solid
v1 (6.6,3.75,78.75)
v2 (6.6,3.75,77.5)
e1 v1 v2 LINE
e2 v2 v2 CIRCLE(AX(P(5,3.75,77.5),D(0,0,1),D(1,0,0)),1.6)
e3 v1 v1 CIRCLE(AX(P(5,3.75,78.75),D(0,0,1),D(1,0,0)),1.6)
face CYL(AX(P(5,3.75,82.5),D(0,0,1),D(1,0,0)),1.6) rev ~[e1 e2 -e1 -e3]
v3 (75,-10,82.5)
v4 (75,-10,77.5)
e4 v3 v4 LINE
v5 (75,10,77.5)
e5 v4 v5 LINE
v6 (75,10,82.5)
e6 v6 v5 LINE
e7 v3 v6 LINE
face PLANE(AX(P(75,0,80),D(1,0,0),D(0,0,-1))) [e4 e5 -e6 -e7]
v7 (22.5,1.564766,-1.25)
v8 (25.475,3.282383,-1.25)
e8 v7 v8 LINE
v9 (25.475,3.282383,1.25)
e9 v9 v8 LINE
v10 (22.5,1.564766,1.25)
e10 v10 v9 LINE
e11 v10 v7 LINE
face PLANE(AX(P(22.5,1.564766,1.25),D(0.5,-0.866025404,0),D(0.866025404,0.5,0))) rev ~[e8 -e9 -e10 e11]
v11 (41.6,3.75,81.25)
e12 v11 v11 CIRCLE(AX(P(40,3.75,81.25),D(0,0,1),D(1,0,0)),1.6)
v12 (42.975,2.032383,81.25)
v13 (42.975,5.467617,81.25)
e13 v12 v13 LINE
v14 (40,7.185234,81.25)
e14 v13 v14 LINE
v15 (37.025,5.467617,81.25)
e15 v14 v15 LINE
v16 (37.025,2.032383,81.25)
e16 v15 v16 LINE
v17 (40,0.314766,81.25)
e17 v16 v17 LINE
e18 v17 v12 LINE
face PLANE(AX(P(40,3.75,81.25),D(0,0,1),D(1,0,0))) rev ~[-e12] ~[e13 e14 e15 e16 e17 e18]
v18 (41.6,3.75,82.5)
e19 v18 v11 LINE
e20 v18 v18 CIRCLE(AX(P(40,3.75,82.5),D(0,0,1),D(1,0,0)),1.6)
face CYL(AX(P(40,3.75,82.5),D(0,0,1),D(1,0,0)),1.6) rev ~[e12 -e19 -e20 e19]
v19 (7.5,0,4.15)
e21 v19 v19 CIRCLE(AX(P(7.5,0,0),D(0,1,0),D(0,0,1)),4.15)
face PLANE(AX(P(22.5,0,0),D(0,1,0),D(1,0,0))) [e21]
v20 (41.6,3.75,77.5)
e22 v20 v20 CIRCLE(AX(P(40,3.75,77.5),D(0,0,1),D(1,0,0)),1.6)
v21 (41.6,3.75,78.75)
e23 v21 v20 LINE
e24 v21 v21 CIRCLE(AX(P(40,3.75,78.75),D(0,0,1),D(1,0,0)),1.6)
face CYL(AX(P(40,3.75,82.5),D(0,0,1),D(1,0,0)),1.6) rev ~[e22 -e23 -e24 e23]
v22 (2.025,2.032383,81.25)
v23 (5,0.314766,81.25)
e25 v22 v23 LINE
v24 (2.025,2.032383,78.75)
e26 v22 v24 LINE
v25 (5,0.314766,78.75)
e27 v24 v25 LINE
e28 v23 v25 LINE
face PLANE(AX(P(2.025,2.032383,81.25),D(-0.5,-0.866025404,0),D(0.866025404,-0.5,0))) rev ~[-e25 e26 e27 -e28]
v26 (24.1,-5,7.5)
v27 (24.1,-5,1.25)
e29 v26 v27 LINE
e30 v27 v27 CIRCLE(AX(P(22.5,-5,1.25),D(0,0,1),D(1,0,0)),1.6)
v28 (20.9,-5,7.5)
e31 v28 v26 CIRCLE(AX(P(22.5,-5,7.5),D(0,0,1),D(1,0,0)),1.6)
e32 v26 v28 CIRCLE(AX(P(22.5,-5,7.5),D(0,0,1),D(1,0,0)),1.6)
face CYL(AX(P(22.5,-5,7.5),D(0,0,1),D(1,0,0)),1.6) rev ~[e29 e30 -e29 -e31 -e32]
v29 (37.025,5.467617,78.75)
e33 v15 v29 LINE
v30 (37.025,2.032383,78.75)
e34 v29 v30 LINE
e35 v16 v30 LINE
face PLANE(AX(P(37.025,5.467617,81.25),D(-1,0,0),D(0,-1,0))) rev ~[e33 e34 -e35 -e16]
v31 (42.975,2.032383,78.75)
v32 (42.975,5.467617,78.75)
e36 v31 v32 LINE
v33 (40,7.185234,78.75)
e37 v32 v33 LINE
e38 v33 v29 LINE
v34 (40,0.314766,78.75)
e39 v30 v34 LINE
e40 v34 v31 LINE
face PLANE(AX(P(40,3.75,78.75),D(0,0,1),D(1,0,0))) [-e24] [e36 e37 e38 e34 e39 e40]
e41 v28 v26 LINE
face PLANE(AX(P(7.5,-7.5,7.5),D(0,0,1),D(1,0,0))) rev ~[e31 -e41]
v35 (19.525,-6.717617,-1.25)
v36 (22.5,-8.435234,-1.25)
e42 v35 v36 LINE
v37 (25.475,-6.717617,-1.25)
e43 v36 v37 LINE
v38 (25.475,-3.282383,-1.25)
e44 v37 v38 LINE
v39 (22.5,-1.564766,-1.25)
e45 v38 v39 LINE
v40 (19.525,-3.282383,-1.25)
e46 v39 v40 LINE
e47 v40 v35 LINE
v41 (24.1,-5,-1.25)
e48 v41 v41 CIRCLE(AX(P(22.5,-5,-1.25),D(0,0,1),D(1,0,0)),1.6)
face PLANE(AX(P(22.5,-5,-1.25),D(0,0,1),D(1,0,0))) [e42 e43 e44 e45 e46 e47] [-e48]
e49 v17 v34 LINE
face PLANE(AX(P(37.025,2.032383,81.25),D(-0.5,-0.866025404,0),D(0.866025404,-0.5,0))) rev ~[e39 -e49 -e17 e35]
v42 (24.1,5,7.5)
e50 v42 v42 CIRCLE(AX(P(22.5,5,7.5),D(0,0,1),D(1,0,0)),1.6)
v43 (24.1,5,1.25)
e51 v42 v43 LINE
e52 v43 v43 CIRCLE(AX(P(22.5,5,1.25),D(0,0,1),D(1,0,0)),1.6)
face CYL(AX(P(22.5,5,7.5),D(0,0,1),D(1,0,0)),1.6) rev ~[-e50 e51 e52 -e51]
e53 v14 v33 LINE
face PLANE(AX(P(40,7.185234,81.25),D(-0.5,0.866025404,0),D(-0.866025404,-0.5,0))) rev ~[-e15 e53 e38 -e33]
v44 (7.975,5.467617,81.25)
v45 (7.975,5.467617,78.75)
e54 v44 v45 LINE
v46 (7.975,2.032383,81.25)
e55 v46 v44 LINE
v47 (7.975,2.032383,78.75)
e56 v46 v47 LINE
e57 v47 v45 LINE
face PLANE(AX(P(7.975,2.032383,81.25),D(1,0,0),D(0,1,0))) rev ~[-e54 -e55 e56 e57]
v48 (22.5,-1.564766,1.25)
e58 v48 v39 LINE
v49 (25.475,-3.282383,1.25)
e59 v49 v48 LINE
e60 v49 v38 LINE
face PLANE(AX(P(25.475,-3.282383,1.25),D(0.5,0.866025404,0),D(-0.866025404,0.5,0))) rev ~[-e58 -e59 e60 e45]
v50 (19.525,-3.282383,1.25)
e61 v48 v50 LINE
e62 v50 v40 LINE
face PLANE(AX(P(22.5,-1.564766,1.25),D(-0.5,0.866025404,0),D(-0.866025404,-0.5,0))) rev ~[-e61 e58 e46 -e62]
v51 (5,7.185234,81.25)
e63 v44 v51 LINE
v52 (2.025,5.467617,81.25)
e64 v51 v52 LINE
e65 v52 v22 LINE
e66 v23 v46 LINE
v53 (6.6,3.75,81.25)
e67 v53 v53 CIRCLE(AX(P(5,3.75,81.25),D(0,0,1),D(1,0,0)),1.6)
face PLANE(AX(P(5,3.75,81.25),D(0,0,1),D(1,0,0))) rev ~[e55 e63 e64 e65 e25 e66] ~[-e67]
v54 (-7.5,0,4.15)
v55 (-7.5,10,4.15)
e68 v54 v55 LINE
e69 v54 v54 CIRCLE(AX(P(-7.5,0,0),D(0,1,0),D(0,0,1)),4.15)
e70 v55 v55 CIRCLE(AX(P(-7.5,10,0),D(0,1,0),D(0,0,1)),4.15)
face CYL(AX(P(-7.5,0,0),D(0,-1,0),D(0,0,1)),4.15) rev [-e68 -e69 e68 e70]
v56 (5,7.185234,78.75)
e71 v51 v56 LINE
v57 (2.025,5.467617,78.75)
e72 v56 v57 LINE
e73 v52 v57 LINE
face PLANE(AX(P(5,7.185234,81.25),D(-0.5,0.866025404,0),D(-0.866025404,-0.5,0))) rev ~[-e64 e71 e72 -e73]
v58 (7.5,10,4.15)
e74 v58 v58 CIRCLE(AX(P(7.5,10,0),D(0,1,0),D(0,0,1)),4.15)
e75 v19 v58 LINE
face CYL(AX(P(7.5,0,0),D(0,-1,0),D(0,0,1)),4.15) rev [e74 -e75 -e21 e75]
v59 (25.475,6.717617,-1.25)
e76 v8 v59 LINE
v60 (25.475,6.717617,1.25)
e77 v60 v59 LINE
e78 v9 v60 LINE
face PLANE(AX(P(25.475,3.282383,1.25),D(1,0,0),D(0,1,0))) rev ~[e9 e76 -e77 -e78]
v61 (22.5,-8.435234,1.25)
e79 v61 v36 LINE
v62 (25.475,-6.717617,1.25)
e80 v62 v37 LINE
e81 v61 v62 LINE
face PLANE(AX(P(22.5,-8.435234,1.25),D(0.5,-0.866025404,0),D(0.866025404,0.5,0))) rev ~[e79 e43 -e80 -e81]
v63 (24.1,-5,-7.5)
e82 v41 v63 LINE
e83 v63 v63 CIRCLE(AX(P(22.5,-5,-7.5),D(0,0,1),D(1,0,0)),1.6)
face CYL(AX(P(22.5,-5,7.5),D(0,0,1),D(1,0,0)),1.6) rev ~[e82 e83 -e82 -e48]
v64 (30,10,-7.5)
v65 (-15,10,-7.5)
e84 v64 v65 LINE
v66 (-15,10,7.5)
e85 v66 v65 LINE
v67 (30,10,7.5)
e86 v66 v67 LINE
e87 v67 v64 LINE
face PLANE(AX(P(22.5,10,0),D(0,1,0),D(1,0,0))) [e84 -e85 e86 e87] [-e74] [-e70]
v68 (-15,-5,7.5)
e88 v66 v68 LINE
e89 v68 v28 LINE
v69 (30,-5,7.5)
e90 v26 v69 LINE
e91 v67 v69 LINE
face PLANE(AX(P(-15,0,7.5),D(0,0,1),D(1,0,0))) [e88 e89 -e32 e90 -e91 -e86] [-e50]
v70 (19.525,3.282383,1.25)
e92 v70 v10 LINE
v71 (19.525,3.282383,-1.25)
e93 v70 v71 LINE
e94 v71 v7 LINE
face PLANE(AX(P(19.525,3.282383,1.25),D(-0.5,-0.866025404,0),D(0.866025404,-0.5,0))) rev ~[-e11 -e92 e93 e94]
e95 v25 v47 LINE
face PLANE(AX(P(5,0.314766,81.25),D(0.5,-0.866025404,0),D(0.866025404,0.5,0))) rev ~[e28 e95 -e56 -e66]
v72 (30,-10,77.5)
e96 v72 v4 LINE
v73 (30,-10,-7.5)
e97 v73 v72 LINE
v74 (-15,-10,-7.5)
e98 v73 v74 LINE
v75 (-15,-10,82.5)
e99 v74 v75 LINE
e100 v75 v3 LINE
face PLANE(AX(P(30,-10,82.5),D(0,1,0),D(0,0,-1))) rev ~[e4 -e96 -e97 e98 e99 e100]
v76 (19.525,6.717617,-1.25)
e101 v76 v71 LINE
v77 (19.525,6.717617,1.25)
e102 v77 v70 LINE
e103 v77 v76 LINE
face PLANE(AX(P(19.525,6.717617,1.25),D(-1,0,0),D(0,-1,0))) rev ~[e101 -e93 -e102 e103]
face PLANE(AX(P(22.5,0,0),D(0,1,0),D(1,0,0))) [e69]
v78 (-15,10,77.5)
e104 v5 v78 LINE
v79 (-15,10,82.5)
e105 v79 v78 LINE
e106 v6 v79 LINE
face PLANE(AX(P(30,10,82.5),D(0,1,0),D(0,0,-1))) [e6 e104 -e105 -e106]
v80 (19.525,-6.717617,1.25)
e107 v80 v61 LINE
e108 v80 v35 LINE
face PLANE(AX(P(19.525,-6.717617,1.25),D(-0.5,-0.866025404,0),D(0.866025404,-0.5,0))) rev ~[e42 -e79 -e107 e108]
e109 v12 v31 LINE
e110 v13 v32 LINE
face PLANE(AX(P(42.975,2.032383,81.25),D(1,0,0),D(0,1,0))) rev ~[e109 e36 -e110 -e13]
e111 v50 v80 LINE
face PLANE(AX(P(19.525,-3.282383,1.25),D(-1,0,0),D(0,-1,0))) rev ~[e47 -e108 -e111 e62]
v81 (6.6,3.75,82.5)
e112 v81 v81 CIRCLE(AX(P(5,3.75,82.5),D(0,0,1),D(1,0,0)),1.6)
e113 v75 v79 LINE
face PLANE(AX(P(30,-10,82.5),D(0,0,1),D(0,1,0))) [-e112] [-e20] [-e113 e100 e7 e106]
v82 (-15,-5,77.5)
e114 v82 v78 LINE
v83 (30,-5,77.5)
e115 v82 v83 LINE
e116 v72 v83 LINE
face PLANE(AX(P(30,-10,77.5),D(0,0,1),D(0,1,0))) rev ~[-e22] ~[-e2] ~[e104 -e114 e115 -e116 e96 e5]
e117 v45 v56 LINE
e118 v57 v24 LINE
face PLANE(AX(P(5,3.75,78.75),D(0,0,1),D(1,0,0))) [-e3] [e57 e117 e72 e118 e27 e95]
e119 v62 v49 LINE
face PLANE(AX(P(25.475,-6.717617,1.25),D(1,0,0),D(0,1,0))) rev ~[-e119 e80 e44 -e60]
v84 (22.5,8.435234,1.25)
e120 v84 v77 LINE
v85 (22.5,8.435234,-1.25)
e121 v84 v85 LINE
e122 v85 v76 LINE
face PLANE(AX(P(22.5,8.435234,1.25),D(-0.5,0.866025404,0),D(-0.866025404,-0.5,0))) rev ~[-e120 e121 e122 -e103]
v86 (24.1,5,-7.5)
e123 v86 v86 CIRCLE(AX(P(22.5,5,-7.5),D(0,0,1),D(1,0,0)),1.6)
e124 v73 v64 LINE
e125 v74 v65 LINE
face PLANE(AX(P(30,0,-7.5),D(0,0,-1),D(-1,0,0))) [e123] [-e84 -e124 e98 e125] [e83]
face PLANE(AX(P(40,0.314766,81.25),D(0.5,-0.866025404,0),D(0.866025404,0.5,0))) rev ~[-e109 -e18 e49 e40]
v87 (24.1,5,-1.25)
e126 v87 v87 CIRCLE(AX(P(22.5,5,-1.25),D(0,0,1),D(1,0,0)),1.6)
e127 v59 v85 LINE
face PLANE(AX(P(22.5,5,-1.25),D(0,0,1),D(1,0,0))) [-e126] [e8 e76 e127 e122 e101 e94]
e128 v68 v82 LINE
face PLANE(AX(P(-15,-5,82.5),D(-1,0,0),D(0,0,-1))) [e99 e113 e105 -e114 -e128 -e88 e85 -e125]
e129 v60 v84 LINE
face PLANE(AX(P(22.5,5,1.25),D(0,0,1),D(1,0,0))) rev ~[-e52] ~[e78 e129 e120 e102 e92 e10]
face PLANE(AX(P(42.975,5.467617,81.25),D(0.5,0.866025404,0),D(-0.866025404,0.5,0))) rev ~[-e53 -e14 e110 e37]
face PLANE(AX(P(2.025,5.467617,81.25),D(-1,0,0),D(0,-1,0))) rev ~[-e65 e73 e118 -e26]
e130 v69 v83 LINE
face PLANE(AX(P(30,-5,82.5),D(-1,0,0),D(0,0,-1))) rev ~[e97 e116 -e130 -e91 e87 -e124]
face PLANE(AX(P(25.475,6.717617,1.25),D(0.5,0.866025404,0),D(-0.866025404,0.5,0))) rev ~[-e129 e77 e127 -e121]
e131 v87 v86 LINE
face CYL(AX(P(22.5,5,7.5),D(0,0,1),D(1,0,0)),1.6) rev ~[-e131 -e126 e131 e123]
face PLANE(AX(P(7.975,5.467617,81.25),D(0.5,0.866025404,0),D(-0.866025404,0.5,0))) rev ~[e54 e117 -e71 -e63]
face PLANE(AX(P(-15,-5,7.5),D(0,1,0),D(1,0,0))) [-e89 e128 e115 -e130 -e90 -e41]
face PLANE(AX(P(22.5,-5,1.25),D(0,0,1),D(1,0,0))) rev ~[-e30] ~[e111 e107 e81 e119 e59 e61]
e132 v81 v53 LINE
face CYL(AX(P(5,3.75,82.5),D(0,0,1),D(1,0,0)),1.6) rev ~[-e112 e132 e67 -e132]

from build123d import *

# Parameters (mm, degrees)
SKETCH2_W           = 15
SKETCH2_H           = 15
SKETCH2_W_2         = 30
SKETCH2_R           = 4.15
BOSS_EXTRUDE1_DEPTH = 10
SKETCH2_3_W         = 15
SKETCH2_3_H         = 15
SKETCH2_3_W_2       = 30
SKETCH2_3_R         = 4.15
BOSS_EXTRUDE2_DEPTH = 10
SKETCH4_R           = 1.6
CUT_EXTRUDE1_DEPTH  = 36
CUT_EXTRUDE2_START  = -6.25
SKETCH4_3_R         = 1.6
CUT_EXTRUDE2_DEPTH  = 2.5
SKETCH5_W           = 45
SKETCH5_H           = 5
BOSS_EXTRUDE3_DEPTH = 75
SKETCH6_W           = 45
SKETCH6_H           = 5
BOSS_EXTRUDE4_DEPTH = 15
SKETCH7_W           = 5
SKETCH7_H           = 20
BOSS_EXTRUDE5_DEPTH = 45
CUT_EXTRUDE3_REACH  = 119.58
SKETCH8_R           = 1.6
CUT_EXTRUDE4_START  = -1.25
CUT_EXTRUDE4_DEPTH  = 2.5


with BuildPart() as part:
    # Sketch2 → Boss-Extrude1 (new body)
    with BuildSketch(Plane(origin=(0, 0, 0), x_dir=(1, 0, 0), z_dir=(0, 1, 0))):
        with Locations((22.5, 0)):
            Rectangle(SKETCH2_W, SKETCH2_H)
        Rectangle(SKETCH2_W_2, SKETCH2_H)
        with Locations(Location((7.5, 0, 0), (0, 0, 270))):
            Circle(SKETCH2_R, mode=Mode.SUBTRACT)
        with Locations(Location((-7.5, 0, 0), (0, 0, 270))):
            Circle(SKETCH2_R, mode=Mode.SUBTRACT)
    extrude(amount=BOSS_EXTRUDE1_DEPTH)

    # Sketch2_3 → Boss-Extrude2 (add)
    with BuildSketch(Plane(origin=(0, 0, 0), x_dir=(1, 0, 0), z_dir=(0, 1, 0))):
        with Locations((22.5, 0)):
            Rectangle(SKETCH2_3_W, SKETCH2_3_H)
        Rectangle(SKETCH2_3_W_2, SKETCH2_3_H)
        with Locations(Location((7.5, 0, 0), (0, 0, 270))):
            Circle(SKETCH2_3_R, mode=Mode.SUBTRACT)
        with Locations(Location((-7.5, 0, 0), (0, 0, 270))):
            Circle(SKETCH2_3_R, mode=Mode.SUBTRACT)
        with Locations(Location((-7.5, 0, 0), (0, 0, 270))):
            Circle(SKETCH2_3_R)
        with Locations(Location((7.5, 0, 0), (0, 0, 270))):
            Circle(SKETCH2_3_R)
    extrude(amount=-BOSS_EXTRUDE2_DEPTH)

    # Sketch4 → Cut-Extrude1 (cut, through all)
    with BuildSketch(Plane.XY.offset(7.5)):
        with Locations((22.5, 5)):
            Circle(SKETCH4_R)
        with Locations((22.5, -5)):
            Circle(SKETCH4_R)
    extrude(amount=-CUT_EXTRUDE1_DEPTH, mode=Mode.SUBTRACT)

    # Sketch4_3 → Cut-Extrude2 (cut)
    with BuildSketch(Plane.XY.offset(7.5).offset(CUT_EXTRUDE2_START)):
        Polygon((22.5, 8.435234102), (19.525, 6.717617051), (19.525, 3.282382949), (22.5, 1.564765898), (25.475, 3.282382949), (25.475, 6.717617051), align=None)
        with Locations((22.5, 5)):
            Circle(SKETCH4_3_R, mode=Mode.SUBTRACT)
        Polygon((22.5, -8.435234102), (25.475, -6.717617051), (25.475, -3.282382949), (22.5, -1.564765898), (19.525, -3.282382949), (19.525, -6.717617051), align=None)
        with Locations((22.5, -5)):
            Circle(SKETCH4_3_R, mode=Mode.SUBTRACT)
    extrude(amount=-CUT_EXTRUDE2_DEPTH, mode=Mode.SUBTRACT)

    # Sketch5 → Boss-Extrude3 (add)
    with BuildSketch(Plane.XY.offset(7.5)):
        with Locations((7.5, -7.5)):
            Rectangle(SKETCH5_W, SKETCH5_H)
    extrude(amount=BOSS_EXTRUDE3_DEPTH)

    # Sketch6 → Boss-Extrude4 (add)
    with BuildSketch(Plane(origin=(0, -5, 0), x_dir=(1, 0, 0), z_dir=(0, 1, 0))):
        with Locations((7.5, -80)):
            Rectangle(SKETCH6_W, SKETCH6_H)
    extrude(amount=BOSS_EXTRUDE4_DEPTH)

    # Sketch7 → Boss-Extrude5 (add)
    with BuildSketch(Plane(origin=(30, 0, 0), x_dir=(0, 0, -1), z_dir=(1, 0, 0))):
        with Locations((-80, 0)):
            Rectangle(SKETCH7_W, SKETCH7_H)
    extrude(amount=BOSS_EXTRUDE5_DEPTH)

    # Sketch8 → Cut-Extrude3 (cut, up to next)
    with BuildSketch(Plane.XY.offset(82.5), mode=Mode.PRIVATE) as cut_extrude3_sk1:
        with Locations((5, 3.75)):
            Circle(SKETCH8_R)
    cut_extrude3_tool1 = extrude(cut_extrude3_sk1.sketch, amount=-CUT_EXTRUDE3_REACH, mode=Mode.PRIVATE) & part.part
    # Sketch8 → Cut-Extrude3 (cut, up to next)
    with BuildSketch(Plane.XY.offset(82.5), mode=Mode.PRIVATE) as cut_extrude3_sk2:
        with Locations((40, 3.75)):
            Circle(SKETCH8_R)
    cut_extrude3_tool2 = extrude(cut_extrude3_sk2.sketch, amount=-CUT_EXTRUDE3_REACH, mode=Mode.PRIVATE) & part.part
    add(cut_extrude3_tool1.solids().sort_by_distance((5, 3.75, 82.5))[0], mode=Mode.SUBTRACT)
    add(cut_extrude3_tool2.solids().sort_by_distance((40, 3.75, 82.5))[0], mode=Mode.SUBTRACT)

    # Sketch9 → Cut-Extrude4 (cut)
    with BuildSketch(Plane.XY.offset(82.5).offset(CUT_EXTRUDE4_START)):
        Polygon((5, 0.314765898), (7.975, 2.032382949), (7.975, 5.467617051), (5, 7.185234102), (2.025, 5.467617051), (2.025, 2.032382949), align=None)
        Polygon((40, 0.314765898), (42.975, 2.032382949), (42.975, 5.467617051), (40, 7.185234102), (37.025, 5.467617051), (37.025, 2.032382949), align=None)
    extrude(amount=-CUT_EXTRUDE4_DEPTH, mode=Mode.SUBTRACT)


solid = part.part
